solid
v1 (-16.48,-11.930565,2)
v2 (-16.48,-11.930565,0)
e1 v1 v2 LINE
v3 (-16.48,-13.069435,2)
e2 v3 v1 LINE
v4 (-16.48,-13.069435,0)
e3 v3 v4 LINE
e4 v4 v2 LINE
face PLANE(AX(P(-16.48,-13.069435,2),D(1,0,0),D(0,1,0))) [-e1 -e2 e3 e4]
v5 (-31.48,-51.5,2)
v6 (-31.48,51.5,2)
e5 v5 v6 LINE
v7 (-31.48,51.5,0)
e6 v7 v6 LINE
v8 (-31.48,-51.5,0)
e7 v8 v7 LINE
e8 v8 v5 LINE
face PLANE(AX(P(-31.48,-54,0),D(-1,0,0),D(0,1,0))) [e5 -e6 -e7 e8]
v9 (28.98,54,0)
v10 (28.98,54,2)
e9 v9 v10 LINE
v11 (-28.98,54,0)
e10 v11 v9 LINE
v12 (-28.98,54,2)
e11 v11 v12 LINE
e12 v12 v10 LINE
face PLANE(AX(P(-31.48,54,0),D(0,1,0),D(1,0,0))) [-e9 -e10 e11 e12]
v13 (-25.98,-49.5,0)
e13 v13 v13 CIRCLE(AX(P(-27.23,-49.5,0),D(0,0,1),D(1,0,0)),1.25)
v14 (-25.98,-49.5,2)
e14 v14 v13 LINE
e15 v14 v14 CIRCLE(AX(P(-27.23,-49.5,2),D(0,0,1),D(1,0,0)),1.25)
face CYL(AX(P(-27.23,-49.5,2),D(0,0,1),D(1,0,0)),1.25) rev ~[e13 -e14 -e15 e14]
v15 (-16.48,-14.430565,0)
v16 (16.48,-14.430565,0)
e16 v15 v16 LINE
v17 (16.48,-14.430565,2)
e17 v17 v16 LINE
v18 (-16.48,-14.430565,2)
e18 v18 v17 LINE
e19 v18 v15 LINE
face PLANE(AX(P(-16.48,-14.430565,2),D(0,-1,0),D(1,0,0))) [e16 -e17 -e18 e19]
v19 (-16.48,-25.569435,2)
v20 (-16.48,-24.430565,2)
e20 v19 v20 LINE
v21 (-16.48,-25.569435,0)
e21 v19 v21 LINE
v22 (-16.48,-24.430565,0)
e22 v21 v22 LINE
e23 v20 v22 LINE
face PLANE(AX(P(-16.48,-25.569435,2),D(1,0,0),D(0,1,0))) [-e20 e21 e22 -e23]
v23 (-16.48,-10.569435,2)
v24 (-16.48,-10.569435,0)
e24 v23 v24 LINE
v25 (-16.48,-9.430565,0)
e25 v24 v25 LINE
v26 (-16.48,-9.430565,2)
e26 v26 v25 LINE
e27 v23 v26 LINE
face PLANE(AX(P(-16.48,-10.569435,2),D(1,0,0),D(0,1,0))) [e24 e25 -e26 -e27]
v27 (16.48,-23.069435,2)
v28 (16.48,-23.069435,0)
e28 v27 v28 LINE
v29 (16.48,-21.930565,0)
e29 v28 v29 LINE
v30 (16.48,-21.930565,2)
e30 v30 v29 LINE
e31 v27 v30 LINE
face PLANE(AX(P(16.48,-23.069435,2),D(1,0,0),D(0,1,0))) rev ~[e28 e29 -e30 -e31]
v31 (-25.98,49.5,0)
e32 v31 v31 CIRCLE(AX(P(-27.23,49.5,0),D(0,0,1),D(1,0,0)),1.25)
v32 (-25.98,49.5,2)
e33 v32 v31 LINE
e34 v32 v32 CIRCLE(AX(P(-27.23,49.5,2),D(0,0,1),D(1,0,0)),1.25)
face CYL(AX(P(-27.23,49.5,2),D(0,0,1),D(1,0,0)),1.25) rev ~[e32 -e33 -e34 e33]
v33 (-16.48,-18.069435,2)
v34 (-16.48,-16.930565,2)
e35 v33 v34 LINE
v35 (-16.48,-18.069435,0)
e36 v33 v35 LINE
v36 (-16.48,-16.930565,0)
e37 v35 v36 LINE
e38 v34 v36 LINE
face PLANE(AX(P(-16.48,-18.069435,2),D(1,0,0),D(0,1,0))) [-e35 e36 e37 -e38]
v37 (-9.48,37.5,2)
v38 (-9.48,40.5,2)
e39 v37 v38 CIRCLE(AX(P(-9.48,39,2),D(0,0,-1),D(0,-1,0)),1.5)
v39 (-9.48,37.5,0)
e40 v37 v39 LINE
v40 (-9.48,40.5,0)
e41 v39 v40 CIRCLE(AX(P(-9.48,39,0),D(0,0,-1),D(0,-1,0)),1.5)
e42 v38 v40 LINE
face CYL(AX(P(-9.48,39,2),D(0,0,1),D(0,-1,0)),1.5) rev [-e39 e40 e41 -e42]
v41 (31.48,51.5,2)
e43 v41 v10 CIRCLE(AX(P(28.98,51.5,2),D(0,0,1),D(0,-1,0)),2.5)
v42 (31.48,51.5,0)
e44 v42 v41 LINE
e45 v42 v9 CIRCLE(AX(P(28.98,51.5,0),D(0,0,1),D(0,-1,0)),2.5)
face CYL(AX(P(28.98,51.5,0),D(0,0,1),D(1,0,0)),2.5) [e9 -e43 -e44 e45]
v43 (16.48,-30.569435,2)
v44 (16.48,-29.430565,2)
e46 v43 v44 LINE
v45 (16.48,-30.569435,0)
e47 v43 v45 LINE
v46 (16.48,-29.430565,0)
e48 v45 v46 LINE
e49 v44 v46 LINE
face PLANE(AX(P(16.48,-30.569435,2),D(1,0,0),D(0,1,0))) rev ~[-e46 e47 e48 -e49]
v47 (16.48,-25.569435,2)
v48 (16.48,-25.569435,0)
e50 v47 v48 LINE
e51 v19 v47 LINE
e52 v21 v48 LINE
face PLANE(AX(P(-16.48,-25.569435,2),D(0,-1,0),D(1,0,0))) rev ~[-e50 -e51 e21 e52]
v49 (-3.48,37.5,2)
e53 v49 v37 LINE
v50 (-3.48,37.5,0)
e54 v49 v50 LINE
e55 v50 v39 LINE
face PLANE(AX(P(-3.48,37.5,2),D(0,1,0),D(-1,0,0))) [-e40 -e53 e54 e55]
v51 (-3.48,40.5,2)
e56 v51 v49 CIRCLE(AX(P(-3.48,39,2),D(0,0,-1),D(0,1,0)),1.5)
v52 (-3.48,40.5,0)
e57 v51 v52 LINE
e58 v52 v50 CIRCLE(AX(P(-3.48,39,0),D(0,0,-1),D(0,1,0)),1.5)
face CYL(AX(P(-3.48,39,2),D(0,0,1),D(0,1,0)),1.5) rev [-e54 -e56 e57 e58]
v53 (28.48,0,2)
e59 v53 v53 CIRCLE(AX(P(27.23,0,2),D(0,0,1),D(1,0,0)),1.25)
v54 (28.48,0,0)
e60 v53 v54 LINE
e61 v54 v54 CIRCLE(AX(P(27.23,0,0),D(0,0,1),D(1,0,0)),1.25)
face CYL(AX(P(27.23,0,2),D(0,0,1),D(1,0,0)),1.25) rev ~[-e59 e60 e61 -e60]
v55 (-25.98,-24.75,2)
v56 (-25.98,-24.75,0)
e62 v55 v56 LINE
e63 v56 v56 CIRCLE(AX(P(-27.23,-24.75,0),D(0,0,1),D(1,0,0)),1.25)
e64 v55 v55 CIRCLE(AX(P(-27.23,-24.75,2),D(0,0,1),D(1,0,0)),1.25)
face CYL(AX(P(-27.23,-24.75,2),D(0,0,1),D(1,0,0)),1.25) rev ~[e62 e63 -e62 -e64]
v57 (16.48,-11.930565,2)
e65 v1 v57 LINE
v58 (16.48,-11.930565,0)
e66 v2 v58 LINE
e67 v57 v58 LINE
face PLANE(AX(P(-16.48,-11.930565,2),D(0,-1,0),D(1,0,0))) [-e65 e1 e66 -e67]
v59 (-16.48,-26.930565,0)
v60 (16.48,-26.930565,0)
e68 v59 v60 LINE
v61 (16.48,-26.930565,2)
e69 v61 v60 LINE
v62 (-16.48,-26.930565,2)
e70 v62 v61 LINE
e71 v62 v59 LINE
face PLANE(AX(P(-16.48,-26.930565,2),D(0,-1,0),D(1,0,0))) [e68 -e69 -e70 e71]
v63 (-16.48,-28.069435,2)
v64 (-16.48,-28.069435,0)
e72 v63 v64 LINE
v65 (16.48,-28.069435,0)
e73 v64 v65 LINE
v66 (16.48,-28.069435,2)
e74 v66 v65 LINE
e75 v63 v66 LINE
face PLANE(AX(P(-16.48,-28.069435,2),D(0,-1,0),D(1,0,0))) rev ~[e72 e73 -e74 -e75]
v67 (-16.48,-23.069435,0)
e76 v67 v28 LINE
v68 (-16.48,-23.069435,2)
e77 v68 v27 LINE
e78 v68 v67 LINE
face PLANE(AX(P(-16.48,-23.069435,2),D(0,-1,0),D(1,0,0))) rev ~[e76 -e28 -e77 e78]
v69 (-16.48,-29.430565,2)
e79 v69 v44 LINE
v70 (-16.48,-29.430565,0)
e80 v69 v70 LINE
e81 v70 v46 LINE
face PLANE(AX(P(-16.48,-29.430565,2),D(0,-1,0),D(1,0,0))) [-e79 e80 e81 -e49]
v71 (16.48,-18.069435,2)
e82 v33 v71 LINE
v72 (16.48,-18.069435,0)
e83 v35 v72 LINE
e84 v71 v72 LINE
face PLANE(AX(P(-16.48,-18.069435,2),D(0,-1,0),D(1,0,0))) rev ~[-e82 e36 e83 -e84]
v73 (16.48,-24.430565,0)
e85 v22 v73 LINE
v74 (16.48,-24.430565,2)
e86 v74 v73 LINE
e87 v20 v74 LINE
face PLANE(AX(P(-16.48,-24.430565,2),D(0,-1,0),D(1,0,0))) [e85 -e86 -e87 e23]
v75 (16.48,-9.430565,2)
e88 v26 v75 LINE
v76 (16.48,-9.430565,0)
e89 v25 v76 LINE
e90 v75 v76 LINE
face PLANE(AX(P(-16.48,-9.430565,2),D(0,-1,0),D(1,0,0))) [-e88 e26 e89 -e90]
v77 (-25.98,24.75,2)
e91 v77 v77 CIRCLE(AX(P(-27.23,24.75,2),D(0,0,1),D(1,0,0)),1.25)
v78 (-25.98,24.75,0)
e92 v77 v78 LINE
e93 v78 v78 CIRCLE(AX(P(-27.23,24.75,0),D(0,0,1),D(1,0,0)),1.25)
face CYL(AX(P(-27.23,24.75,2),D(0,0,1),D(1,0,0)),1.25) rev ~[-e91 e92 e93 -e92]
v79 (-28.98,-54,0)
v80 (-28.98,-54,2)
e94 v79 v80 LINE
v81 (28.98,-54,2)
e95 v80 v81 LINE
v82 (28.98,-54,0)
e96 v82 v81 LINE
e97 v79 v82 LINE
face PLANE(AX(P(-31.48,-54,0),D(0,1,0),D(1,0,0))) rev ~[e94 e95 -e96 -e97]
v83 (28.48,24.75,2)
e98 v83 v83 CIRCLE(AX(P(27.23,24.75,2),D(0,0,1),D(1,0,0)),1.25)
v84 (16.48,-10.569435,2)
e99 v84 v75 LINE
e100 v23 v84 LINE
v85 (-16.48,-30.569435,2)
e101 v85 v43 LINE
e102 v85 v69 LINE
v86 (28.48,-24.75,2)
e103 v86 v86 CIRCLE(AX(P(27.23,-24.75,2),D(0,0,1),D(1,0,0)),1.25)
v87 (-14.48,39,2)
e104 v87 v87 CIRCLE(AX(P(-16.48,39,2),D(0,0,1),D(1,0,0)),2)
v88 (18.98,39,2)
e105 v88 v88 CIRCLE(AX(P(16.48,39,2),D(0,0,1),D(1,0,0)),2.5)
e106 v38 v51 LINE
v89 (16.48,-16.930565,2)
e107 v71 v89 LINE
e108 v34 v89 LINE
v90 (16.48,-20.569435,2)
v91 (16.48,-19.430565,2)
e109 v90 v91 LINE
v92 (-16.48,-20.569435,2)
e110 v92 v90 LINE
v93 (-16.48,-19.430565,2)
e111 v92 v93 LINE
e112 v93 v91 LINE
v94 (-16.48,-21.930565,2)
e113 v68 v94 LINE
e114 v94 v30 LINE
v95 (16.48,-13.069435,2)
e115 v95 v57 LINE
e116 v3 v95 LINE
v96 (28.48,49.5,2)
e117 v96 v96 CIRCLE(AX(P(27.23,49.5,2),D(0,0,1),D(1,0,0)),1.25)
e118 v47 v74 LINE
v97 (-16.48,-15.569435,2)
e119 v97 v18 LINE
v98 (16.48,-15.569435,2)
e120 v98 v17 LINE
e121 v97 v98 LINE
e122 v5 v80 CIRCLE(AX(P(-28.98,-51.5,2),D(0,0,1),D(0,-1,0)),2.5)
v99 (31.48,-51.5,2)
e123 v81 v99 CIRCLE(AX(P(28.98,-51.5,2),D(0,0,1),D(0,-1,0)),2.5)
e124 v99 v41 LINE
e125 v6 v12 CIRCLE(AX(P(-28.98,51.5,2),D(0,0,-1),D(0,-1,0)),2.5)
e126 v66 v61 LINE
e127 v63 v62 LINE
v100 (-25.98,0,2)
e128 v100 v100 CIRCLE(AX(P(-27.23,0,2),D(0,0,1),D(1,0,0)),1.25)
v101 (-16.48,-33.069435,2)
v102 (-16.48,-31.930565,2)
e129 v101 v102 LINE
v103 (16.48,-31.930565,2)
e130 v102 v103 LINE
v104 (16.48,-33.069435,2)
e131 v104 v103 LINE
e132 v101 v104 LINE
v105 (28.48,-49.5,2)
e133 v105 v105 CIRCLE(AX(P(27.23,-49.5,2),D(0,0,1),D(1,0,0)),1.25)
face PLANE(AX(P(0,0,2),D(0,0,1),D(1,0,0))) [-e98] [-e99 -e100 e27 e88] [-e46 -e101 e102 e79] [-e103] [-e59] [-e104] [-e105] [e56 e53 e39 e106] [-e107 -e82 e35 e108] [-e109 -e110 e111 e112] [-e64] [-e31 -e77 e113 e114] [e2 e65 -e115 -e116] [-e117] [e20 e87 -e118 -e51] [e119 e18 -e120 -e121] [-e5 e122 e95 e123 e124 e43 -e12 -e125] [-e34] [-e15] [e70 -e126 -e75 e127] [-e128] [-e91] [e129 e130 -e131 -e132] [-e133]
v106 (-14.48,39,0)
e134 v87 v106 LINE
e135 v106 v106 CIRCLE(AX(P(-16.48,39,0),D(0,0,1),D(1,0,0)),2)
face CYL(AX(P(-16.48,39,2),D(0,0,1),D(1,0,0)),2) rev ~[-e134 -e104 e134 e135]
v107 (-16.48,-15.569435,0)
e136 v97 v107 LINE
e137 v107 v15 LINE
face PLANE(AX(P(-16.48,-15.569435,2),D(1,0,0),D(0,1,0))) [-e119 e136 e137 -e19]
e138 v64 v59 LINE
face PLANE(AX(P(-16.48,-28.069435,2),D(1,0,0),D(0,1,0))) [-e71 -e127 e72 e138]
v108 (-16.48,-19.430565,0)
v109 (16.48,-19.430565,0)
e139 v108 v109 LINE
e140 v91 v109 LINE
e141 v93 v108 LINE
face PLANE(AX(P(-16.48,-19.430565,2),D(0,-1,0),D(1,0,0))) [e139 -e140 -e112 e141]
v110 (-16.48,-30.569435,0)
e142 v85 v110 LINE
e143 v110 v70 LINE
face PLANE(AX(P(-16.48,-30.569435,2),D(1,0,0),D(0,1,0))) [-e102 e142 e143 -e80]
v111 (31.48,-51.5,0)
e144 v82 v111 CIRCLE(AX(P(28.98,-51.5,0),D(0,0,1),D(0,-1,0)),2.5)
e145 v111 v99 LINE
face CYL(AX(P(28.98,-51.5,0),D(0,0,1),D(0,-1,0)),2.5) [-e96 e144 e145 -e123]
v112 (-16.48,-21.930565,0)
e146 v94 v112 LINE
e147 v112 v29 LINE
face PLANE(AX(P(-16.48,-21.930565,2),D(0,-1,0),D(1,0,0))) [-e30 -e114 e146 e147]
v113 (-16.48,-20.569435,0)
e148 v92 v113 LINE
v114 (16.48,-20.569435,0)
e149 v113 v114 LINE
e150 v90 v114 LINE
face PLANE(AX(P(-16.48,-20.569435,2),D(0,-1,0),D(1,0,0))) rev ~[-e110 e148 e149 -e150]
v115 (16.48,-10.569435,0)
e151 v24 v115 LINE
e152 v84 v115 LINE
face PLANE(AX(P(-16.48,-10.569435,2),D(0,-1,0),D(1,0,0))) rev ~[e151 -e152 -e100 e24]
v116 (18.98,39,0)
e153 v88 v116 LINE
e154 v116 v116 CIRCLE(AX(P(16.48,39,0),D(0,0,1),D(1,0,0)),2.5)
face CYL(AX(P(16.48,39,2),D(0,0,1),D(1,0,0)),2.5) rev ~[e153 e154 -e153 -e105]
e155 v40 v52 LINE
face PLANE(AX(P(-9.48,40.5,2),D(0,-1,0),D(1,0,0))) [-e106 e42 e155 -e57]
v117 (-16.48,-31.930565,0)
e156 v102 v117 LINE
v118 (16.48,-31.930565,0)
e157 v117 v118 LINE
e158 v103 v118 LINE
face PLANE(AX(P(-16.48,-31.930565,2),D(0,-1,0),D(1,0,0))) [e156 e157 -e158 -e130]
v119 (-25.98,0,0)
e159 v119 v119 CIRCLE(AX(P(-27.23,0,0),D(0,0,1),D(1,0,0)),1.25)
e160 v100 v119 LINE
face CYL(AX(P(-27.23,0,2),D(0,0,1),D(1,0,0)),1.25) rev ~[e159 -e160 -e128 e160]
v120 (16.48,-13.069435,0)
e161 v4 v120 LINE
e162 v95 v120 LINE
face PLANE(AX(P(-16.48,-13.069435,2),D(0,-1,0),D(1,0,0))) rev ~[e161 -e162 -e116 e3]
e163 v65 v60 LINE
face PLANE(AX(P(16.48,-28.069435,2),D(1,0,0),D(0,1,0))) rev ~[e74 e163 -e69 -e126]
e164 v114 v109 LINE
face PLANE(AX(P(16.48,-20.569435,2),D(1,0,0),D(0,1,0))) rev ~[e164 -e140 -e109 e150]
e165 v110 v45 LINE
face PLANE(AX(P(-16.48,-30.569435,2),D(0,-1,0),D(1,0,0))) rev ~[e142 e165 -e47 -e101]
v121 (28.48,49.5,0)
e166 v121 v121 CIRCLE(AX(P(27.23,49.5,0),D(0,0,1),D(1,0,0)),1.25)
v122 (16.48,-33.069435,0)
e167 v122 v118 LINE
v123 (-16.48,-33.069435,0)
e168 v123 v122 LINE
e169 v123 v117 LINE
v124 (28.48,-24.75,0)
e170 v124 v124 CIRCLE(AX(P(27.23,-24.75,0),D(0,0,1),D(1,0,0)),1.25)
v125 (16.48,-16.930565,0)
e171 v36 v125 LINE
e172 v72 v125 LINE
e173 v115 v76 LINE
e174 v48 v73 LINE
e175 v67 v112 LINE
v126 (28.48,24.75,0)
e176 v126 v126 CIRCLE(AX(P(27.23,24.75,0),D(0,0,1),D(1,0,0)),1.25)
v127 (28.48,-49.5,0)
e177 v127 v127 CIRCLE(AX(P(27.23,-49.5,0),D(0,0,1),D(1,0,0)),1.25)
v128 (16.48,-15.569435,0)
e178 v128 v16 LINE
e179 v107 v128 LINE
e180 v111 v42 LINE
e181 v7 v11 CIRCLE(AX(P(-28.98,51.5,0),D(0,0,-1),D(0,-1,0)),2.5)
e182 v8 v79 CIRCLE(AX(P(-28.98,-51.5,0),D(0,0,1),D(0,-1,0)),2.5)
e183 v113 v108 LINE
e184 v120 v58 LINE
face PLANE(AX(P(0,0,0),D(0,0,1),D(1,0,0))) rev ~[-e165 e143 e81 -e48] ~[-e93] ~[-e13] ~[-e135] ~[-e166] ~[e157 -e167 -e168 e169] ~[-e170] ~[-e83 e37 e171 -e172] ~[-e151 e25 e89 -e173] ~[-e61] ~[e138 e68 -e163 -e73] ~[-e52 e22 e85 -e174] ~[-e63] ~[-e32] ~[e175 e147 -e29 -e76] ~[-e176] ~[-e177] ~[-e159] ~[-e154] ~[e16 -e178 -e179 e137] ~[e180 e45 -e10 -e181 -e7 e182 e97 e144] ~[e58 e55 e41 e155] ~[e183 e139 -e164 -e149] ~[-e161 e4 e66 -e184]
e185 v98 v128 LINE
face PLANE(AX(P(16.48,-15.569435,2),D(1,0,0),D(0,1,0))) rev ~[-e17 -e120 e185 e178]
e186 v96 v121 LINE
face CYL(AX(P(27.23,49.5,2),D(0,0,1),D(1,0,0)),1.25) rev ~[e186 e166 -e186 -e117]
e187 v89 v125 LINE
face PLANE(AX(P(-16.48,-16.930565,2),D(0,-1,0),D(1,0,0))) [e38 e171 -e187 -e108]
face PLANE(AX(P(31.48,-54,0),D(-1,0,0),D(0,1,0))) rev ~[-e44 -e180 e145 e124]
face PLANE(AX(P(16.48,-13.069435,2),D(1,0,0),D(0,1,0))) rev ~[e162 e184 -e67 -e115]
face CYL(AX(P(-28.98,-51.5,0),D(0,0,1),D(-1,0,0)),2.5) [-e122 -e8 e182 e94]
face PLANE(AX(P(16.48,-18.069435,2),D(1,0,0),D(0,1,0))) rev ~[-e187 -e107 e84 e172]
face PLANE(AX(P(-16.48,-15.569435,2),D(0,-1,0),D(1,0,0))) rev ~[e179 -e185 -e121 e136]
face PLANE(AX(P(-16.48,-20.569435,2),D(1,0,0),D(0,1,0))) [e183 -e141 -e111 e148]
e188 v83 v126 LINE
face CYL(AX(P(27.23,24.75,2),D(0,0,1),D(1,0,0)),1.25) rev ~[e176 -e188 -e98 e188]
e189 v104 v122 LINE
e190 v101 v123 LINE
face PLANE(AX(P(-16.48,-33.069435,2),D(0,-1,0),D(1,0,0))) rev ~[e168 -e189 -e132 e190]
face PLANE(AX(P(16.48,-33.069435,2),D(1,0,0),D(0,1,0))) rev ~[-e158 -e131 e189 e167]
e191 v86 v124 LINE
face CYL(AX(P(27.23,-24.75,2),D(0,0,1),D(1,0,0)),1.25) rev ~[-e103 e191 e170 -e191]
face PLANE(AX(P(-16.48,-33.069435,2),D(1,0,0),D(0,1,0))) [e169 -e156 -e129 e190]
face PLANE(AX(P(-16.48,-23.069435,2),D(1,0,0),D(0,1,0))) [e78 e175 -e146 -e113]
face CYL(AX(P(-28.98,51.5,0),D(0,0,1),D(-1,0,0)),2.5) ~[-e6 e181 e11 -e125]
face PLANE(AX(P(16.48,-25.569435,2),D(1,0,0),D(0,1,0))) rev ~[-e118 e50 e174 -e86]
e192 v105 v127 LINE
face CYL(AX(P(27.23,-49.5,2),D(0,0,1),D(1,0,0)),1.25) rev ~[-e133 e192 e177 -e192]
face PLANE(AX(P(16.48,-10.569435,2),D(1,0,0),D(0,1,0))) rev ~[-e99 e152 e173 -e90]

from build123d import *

# Parameters (mm, degrees)
SKETCH1_W           = 62.96
SKETCH1_H           = 108
BOSS_EXTRUDE1_DEPTH = 2
FILLET1_R           = 2.5
SKETCH2_R           = 1.25
CUT_EXTRUDE1_DEPTH  = 2
SKETCH3_R           = 2.5
SKETCH3_R_2         = 2
SKETCH3_W           = 32.96
SKETCH3_H           = 1.138869598
CUT_EXTRUDE2_DEPTH  = 2


with BuildPart() as part:
    # Sketch1 → Boss-Extrude1 (new body)
    with BuildSketch(Plane.XY):
        Rectangle(SKETCH1_W, SKETCH1_H)
    extrude(amount=BOSS_EXTRUDE1_DEPTH)

    # Fillet1
    fillet1_edges = [part.edges().sort_by_distance(p)[0] for p in [
        (31.48, -54, 1),
        (-31.48, -54, 1),
        (-31.48, 54, 1),
        (31.48, 54, 1),
    ]]
    fillet(fillet1_edges, radius=FILLET1_R)

    # Sketch2 → Cut-Extrude1 (cut)
    with BuildSketch(Plane.XY.offset(2)):
        with Locations((-27.23, 49.5)):
            Circle(SKETCH2_R)
        with Locations((27.23, 49.5)):
            Circle(SKETCH2_R)
        with Locations((27.23, 24.75)):
            Circle(SKETCH2_R)
        with Locations((27.23, 0)):
            Circle(SKETCH2_R)
        with Locations((27.23, -24.75)):
            Circle(SKETCH2_R)
        with Locations((27.23, -49.5)):
            Circle(SKETCH2_R)
        with Locations((-27.23, 24.75)):
            Circle(SKETCH2_R)
        with Locations((-27.23, 0)):
            Circle(SKETCH2_R)
        with Locations((-27.23, -24.75)):
            Circle(SKETCH2_R)
        with Locations((-27.23, -49.5)):
            Circle(SKETCH2_R)
    extrude(amount=-CUT_EXTRUDE1_DEPTH, mode=Mode.SUBTRACT)

    # Sketch3 → Cut-Extrude2 (cut)
    with BuildSketch(Plane.XY.offset(2)):
        with Locations((16.48, 39)):
            Circle(SKETCH3_R)
        with Locations((-16.48, 39)):
            Circle(SKETCH3_R_2)
        with BuildLine():
            Line((-9.48, 40.5), (-3.48, 40.5))
            ThreePointArc((-3.48, 40.5), (-1.98, 39), (-3.48, 37.5))
            Line((-3.48, 37.5), (-9.48, 37.5))
            ThreePointArc((-9.48, 37.5), (-10.98, 39), (-9.48, 40.5))
        make_face()
        with Locations((0, -12.5)):
            Rectangle(SKETCH3_W, SKETCH3_H)
        with Locations((0, -10)):
            Rectangle(SKETCH3_W, SKETCH3_H)
        with Locations((0, -15)):
            Rectangle(SKETCH3_W, SKETCH3_H)
        with Locations((0, -17.5)):
            Rectangle(SKETCH3_W, SKETCH3_H)
        with Locations((0, -20)):
            Rectangle(SKETCH3_W, SKETCH3_H)
        with Locations((0, -22.5)):
            Rectangle(SKETCH3_W, SKETCH3_H)
        with Locations((0, -25)):
            Rectangle(SKETCH3_W, SKETCH3_H)
        with Locations((0, -27.5)):
            Rectangle(SKETCH3_W, SKETCH3_H)
        with Locations((0, -30)):
            Rectangle(SKETCH3_W, SKETCH3_H)
        with Locations((0, -32.5)):
            Rectangle(SKETCH3_W, SKETCH3_H)
    extrude(amount=-CUT_EXTRUDE2_DEPTH, mode=Mode.SUBTRACT)


solid = part.part
